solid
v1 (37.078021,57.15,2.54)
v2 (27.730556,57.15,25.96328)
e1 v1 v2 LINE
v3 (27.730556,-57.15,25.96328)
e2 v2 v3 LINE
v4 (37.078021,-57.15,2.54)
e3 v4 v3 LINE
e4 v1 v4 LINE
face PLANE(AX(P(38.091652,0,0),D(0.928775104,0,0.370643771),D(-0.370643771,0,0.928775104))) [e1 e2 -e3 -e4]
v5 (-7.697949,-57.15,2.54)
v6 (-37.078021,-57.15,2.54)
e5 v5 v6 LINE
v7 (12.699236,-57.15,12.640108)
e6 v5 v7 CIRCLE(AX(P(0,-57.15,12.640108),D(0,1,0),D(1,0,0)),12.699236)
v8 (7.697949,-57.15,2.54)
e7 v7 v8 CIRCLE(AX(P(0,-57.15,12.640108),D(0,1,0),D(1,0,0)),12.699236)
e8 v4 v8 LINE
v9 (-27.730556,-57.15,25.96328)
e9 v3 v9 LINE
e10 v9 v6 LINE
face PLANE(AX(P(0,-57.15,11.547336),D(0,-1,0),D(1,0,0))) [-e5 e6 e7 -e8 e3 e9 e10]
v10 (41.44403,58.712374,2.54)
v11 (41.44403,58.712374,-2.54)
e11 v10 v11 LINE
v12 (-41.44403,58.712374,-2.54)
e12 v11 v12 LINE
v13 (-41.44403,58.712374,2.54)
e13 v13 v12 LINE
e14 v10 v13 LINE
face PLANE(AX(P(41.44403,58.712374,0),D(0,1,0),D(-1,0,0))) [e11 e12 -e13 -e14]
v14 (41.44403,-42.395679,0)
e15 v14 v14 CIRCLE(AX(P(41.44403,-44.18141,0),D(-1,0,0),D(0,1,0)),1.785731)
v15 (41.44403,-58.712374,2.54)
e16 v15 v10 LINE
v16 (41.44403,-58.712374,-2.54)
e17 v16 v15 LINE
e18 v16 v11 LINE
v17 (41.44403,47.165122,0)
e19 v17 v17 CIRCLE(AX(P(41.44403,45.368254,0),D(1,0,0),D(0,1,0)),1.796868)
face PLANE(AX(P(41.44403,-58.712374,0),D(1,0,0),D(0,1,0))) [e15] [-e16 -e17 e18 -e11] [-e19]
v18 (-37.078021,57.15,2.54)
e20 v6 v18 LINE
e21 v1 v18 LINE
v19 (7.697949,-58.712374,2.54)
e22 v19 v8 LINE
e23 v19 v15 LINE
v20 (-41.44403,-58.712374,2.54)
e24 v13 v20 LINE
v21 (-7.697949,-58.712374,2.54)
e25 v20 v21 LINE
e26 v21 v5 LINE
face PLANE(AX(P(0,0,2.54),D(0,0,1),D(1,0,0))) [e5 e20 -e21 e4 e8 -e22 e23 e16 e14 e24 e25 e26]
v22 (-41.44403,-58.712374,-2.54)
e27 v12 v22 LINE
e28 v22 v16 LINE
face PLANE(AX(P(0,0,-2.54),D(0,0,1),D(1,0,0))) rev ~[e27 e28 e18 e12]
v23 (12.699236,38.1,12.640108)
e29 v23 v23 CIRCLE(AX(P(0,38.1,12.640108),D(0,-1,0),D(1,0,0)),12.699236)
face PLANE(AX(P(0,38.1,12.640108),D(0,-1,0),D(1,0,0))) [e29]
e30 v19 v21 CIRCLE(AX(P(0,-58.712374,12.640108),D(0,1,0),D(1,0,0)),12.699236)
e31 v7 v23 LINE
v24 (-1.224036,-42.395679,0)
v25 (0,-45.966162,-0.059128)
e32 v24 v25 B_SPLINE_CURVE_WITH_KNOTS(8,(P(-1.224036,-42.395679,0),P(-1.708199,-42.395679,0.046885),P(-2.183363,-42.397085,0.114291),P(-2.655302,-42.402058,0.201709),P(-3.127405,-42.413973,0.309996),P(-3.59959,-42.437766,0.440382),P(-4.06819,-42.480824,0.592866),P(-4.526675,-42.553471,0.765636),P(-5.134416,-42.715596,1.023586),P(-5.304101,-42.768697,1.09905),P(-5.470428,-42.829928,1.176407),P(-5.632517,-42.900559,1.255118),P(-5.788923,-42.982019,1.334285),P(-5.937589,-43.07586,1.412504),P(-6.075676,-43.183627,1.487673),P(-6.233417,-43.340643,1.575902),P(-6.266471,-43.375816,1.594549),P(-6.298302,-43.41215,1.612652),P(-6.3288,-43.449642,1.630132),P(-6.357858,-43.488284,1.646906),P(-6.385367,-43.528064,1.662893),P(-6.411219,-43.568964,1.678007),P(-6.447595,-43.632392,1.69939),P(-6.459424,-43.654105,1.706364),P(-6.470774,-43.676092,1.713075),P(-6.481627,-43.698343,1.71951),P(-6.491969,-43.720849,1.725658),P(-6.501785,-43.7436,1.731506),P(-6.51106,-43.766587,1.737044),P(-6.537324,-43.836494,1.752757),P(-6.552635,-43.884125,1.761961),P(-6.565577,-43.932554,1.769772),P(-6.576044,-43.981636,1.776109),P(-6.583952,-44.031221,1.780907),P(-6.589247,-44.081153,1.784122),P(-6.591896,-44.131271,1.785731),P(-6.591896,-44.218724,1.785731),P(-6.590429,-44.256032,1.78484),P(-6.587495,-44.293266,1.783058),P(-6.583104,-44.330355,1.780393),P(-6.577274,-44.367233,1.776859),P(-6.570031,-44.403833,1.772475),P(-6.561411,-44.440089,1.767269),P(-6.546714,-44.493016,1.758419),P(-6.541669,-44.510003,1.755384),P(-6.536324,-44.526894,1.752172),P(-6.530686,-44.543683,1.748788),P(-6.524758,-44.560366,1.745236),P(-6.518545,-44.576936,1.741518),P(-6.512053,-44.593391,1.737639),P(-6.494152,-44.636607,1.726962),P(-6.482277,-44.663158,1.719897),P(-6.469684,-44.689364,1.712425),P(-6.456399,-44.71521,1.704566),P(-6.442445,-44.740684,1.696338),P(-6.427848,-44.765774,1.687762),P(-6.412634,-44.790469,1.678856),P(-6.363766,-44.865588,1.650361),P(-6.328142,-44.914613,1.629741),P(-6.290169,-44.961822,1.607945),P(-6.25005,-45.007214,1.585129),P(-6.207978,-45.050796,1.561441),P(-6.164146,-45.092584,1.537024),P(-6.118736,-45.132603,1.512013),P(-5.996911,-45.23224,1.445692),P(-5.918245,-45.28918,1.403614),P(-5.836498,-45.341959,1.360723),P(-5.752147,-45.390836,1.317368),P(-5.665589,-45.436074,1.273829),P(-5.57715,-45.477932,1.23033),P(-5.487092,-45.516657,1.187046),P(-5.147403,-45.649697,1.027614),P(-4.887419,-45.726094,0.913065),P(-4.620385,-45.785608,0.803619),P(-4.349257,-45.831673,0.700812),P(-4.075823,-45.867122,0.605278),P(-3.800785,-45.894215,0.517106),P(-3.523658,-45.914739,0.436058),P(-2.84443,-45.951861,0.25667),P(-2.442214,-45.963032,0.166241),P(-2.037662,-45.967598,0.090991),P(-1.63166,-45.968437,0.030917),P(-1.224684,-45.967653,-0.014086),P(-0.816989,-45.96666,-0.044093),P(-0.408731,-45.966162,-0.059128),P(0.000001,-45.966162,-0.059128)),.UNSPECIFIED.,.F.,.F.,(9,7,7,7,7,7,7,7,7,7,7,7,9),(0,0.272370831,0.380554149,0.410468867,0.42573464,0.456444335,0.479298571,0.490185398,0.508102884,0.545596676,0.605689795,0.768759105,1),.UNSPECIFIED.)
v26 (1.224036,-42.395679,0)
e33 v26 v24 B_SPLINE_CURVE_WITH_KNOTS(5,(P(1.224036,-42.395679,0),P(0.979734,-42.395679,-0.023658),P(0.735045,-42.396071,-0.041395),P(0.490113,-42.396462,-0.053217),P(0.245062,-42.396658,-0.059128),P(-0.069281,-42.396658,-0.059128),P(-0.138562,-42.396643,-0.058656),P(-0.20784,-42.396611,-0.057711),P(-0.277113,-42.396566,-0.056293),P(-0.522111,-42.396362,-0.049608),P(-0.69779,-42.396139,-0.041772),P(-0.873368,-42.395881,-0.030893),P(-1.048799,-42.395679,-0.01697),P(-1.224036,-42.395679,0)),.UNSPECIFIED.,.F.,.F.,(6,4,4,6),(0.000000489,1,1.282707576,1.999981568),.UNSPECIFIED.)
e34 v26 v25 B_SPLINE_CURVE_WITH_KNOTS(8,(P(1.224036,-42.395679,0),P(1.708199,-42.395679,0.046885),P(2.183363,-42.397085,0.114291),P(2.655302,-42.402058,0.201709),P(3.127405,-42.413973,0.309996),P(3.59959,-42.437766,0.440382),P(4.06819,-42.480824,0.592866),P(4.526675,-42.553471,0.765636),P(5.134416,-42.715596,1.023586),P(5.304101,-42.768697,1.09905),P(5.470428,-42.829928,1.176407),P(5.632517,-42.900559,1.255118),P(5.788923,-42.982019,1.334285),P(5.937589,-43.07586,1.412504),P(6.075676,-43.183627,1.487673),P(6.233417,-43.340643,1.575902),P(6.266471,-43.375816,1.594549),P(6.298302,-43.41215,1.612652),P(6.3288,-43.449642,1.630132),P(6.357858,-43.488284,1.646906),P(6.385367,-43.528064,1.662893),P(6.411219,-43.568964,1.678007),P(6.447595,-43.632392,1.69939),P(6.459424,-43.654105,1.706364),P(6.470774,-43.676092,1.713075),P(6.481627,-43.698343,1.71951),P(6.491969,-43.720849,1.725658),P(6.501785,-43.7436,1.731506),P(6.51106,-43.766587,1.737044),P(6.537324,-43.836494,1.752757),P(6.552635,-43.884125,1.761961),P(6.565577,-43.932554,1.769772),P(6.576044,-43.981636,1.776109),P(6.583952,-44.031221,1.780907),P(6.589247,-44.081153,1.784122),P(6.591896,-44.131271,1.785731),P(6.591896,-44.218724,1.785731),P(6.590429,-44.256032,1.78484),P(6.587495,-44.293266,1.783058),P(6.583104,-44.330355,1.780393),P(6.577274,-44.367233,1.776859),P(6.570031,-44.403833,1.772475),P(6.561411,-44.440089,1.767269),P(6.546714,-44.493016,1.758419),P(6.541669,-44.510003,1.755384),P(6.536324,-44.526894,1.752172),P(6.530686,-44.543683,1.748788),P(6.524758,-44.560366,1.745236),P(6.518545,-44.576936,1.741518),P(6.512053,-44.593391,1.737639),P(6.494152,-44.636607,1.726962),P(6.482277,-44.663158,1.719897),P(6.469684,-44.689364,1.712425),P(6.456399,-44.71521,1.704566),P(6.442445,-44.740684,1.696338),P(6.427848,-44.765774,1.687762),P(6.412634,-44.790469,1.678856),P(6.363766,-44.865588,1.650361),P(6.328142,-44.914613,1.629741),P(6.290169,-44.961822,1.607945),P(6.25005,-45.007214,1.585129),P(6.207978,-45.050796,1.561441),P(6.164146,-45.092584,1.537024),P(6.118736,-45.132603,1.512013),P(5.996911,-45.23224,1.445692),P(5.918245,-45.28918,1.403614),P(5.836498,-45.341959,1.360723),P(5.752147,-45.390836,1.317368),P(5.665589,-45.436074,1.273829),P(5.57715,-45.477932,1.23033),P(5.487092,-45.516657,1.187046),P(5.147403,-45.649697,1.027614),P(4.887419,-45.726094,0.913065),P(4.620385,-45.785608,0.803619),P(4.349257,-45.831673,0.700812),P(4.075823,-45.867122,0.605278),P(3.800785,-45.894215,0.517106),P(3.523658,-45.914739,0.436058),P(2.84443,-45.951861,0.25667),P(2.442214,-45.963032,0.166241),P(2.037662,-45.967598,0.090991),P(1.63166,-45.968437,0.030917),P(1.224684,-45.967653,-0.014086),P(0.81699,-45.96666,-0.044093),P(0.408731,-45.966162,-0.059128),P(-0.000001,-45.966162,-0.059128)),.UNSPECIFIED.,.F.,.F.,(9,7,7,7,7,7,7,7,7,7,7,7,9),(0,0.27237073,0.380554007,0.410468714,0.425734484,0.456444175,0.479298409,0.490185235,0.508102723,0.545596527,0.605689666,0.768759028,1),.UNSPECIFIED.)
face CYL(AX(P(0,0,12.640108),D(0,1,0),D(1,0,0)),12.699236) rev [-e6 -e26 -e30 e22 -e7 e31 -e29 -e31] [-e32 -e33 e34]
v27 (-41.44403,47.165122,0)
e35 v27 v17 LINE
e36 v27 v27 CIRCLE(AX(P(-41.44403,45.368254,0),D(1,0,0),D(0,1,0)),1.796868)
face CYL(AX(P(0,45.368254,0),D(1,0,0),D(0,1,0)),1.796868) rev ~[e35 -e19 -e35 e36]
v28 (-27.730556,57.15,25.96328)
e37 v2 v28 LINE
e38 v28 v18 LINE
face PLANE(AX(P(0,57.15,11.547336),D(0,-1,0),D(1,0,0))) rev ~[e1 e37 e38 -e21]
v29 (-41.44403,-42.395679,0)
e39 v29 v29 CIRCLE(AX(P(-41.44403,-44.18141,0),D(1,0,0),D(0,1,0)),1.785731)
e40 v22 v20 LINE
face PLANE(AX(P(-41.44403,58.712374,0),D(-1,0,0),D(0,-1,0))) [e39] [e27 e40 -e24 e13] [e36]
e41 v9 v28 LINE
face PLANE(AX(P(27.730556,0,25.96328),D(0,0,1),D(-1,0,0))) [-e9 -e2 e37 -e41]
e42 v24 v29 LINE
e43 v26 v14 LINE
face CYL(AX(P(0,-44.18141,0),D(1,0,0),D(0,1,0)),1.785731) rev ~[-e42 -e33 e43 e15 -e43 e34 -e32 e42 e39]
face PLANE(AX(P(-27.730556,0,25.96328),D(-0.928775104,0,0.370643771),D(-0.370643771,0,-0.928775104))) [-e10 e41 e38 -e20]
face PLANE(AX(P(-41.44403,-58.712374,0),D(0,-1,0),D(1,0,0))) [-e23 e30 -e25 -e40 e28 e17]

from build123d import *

# Parameters (mm, degrees)
F1_DEPTH      = 57.15
F3_DEPTH      = 2.54
F4_R          = 12.699236
F5_DEPTH      = 98.806
F5_DEPTH_BACK = 38.1
F6_R          = 1.785731
F6_R_2        = 1.796868
F7_DEPTH      = 49.53


with BuildPart() as f1:
    # F0 (on Front) → F1 (new body, symmetric)
    with BuildSketch(Plane.XZ):
        Polygon((-38.091652, 0), (0, 0), (38.091652, 0), (27.730556, 25.96328), (0, 25.96328), (-27.730556, 25.96328), align=None)
    extrude(amount=F1_DEPTH, both=True)

    # F2 (on Top) → F3 (join, symmetric)
    with BuildSketch(Plane.XY):
        Polygon((-41.44403, 58.712374), (-41.44403, 0), (-41.44403, -58.712374), (0, -58.712374), (41.44403, -58.712374), (41.44403, 0), (41.44403, 58.712374), (0, 58.712374), align=None)
    extrude(amount=F3_DEPTH, both=True)

    # F4 (on Front) → F5 (cut, two sides)
    with BuildSketch(Plane.XZ) as f5_sk:
        with Locations((0, 12.640108)):
            Circle(F4_R)
    extrude(amount=F5_DEPTH, mode=Mode.SUBTRACT)
    extrude(f5_sk.sketch, amount=-F5_DEPTH_BACK, mode=Mode.SUBTRACT)

    # F6 (on Right) → F7 (cut, symmetric)
    with BuildSketch(Plane.YZ):
        with Locations((-44.18141, 0)):
            Circle(F6_R)
        with Locations((45.368254, 0)):
            Circle(F6_R_2)
    extrude(amount=F7_DEPTH, both=True, mode=Mode.SUBTRACT)


solid = f1.part
